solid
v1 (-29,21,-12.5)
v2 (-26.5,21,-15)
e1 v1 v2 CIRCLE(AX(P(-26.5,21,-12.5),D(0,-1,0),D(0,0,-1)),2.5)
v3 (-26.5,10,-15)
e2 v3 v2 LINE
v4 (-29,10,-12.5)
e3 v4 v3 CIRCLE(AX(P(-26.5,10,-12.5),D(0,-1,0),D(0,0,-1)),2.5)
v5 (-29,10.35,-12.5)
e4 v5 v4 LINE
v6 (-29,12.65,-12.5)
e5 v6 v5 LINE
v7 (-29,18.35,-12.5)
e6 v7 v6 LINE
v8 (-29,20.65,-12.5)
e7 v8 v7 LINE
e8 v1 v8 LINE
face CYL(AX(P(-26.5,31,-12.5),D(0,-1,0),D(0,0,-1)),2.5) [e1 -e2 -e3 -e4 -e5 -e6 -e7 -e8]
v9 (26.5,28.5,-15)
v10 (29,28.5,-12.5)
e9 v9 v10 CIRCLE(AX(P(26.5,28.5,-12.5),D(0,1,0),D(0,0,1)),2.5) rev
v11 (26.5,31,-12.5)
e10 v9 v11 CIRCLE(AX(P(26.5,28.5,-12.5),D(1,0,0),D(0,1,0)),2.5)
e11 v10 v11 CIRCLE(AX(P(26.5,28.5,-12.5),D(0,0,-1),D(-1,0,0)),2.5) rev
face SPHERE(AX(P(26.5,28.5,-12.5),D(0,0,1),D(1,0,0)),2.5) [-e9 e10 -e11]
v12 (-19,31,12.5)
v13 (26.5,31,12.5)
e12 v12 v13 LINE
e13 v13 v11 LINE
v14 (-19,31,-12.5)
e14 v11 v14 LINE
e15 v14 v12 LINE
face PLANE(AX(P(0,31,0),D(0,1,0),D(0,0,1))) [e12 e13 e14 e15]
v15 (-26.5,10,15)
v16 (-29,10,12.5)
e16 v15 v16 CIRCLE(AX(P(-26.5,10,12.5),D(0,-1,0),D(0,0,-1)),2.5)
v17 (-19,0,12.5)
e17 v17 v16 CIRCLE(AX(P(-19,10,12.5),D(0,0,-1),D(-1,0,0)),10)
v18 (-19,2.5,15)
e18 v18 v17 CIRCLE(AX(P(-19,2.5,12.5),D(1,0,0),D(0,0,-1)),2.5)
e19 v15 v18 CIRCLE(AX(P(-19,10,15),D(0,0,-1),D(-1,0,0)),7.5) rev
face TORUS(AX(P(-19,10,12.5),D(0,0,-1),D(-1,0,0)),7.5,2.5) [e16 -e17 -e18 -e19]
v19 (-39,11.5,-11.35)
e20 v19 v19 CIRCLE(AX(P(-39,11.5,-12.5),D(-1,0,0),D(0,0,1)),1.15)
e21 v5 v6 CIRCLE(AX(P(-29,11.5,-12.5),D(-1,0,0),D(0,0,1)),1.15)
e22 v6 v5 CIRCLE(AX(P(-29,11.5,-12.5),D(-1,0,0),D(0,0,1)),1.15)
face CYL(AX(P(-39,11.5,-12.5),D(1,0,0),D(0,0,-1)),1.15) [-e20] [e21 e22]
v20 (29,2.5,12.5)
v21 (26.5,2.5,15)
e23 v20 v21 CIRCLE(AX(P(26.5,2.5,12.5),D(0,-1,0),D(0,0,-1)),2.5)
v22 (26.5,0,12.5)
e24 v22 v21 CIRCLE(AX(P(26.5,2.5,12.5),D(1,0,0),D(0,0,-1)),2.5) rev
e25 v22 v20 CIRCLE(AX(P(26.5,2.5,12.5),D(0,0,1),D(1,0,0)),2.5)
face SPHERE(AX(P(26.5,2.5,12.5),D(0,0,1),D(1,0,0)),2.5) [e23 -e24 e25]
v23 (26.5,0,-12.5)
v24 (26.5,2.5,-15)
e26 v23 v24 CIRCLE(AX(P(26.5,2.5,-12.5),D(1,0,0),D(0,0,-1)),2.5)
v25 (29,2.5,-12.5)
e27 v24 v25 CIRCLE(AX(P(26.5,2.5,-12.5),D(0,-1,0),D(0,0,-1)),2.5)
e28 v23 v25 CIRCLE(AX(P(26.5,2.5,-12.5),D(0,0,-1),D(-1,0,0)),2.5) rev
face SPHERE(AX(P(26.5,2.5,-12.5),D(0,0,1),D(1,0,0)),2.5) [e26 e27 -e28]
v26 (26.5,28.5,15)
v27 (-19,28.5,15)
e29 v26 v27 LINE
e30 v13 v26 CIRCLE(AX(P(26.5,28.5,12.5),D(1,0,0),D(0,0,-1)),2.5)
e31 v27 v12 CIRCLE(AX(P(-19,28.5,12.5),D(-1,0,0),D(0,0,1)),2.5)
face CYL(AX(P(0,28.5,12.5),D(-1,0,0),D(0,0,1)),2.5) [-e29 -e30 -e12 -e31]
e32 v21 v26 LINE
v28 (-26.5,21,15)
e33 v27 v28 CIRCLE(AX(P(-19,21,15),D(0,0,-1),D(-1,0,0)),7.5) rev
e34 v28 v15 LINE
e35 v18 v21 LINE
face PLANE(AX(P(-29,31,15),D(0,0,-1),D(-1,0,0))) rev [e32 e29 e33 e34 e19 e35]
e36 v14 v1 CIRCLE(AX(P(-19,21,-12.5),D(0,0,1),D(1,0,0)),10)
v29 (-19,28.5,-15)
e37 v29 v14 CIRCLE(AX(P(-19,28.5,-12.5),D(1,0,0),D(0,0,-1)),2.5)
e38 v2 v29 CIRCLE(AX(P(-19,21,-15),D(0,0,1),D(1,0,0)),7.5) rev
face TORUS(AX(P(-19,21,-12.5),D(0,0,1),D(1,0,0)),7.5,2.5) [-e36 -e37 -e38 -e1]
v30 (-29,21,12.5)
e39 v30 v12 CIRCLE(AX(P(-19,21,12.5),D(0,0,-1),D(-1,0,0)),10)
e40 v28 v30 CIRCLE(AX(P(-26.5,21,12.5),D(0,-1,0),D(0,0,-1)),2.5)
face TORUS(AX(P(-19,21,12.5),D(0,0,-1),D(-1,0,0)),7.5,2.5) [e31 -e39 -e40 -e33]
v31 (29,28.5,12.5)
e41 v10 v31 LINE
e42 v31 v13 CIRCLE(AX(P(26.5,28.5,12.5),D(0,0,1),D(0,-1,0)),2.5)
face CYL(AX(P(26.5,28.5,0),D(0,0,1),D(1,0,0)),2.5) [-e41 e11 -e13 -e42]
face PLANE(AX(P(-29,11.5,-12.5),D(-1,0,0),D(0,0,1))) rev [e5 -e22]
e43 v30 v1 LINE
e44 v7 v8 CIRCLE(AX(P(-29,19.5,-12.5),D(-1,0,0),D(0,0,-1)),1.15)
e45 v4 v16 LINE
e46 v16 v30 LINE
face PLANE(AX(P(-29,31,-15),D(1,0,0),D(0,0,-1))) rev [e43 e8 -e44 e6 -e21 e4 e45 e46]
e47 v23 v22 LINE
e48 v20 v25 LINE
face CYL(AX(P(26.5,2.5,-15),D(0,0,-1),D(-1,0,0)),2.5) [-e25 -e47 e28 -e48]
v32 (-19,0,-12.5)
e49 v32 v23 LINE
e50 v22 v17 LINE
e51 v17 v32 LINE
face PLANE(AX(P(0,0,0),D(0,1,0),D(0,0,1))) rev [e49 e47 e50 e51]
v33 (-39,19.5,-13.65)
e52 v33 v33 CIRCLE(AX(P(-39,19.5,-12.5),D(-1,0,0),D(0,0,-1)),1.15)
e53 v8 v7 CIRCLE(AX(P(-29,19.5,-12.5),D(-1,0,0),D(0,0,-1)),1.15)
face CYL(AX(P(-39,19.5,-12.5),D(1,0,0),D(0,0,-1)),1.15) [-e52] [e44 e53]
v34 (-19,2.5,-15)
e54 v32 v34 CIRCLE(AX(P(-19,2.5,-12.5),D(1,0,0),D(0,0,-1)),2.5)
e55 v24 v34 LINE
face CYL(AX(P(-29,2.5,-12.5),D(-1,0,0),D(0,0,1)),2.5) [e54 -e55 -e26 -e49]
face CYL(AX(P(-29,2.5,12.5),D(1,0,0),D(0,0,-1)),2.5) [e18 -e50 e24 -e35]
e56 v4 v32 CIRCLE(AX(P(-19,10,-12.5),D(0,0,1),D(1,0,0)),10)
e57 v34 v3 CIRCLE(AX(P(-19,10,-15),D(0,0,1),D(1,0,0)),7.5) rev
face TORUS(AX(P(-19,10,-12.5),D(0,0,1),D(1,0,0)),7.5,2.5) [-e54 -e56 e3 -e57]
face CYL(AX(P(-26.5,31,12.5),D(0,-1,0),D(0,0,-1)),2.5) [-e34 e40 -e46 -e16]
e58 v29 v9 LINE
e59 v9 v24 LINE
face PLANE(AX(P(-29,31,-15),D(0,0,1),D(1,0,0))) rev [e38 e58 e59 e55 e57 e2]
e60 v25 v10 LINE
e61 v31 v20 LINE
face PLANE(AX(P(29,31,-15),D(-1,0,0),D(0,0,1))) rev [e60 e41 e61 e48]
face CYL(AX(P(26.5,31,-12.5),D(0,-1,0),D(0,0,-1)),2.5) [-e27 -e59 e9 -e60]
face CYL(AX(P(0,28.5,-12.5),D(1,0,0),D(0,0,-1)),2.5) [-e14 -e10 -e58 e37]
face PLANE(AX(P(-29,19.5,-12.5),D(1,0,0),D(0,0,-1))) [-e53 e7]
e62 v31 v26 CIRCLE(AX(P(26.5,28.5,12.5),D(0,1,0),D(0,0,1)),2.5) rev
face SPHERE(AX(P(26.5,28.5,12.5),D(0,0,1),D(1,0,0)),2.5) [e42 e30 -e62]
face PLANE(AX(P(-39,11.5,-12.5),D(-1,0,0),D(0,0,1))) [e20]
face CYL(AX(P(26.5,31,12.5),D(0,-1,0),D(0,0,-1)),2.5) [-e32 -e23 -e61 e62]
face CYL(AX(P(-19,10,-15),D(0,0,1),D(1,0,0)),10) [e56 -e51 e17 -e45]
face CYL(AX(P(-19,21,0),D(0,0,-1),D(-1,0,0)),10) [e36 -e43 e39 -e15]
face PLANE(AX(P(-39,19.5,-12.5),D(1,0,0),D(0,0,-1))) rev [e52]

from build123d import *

# Parameters (mm, degrees)
SKETCH1_W           = 58
SKETCH1_H           = 30
BOSS_EXTRUDE1_DEPTH = 31
FILLET1_R           = 10
FILLET2_R           = 2.5
SKETCH2_R           = 1.15
BOSS_EXTRUDE2_DEPTH = 10


with BuildPart() as part:
    # Sketch1 → Boss-Extrude1 (new body)
    with BuildSketch(Plane(origin=(0, 0, 0), x_dir=(1, 0, 0), z_dir=(0, 1, 0))):
        Rectangle(SKETCH1_W, SKETCH1_H)
    extrude(amount=BOSS_EXTRUDE1_DEPTH)

    # Fillet1
    fillet1_edges = [part.edges().sort_by_distance(p)[0] for p in [
        (-29, 31, 0),
        (-29, 0, 0),
    ]]
    fillet(fillet1_edges, radius=FILLET1_R)

    # Fillet2
    fillet2_edges = [part.edges().sort_by_distance(p)[0] for p in [
        (-29, 15.5, 15),
        (-29, 15.5, -15),
        (5, 0, 15),
        (5, 31, 15),
        (-26.071067812, 28.071067812, 15),
        (-26.071067812, 2.928932188, 15),
        (-26.071067812, 28.071067812, -15),
        (-26.071067812, 2.928932188, -15),
        (29, 31, 0),
        (5, 0, -15),
        (29, 0, 0),
        (5, 31, -15),
        (29, 15.5, 15),
        (29, 15.5, -15),
    ]]
    fillet(fillet2_edges, radius=FILLET2_R)

    # Sketch2 → Boss-Extrude2 (add)
    with BuildSketch(Plane.ZY.offset(29)):
        with Locations((-12.5, 19.5)):
            Circle(SKETCH2_R)
        with Locations((-12.5, 11.5)):
            Circle(SKETCH2_R)
    extrude(amount=BOSS_EXTRUDE2_DEPTH)


solid = part.part
